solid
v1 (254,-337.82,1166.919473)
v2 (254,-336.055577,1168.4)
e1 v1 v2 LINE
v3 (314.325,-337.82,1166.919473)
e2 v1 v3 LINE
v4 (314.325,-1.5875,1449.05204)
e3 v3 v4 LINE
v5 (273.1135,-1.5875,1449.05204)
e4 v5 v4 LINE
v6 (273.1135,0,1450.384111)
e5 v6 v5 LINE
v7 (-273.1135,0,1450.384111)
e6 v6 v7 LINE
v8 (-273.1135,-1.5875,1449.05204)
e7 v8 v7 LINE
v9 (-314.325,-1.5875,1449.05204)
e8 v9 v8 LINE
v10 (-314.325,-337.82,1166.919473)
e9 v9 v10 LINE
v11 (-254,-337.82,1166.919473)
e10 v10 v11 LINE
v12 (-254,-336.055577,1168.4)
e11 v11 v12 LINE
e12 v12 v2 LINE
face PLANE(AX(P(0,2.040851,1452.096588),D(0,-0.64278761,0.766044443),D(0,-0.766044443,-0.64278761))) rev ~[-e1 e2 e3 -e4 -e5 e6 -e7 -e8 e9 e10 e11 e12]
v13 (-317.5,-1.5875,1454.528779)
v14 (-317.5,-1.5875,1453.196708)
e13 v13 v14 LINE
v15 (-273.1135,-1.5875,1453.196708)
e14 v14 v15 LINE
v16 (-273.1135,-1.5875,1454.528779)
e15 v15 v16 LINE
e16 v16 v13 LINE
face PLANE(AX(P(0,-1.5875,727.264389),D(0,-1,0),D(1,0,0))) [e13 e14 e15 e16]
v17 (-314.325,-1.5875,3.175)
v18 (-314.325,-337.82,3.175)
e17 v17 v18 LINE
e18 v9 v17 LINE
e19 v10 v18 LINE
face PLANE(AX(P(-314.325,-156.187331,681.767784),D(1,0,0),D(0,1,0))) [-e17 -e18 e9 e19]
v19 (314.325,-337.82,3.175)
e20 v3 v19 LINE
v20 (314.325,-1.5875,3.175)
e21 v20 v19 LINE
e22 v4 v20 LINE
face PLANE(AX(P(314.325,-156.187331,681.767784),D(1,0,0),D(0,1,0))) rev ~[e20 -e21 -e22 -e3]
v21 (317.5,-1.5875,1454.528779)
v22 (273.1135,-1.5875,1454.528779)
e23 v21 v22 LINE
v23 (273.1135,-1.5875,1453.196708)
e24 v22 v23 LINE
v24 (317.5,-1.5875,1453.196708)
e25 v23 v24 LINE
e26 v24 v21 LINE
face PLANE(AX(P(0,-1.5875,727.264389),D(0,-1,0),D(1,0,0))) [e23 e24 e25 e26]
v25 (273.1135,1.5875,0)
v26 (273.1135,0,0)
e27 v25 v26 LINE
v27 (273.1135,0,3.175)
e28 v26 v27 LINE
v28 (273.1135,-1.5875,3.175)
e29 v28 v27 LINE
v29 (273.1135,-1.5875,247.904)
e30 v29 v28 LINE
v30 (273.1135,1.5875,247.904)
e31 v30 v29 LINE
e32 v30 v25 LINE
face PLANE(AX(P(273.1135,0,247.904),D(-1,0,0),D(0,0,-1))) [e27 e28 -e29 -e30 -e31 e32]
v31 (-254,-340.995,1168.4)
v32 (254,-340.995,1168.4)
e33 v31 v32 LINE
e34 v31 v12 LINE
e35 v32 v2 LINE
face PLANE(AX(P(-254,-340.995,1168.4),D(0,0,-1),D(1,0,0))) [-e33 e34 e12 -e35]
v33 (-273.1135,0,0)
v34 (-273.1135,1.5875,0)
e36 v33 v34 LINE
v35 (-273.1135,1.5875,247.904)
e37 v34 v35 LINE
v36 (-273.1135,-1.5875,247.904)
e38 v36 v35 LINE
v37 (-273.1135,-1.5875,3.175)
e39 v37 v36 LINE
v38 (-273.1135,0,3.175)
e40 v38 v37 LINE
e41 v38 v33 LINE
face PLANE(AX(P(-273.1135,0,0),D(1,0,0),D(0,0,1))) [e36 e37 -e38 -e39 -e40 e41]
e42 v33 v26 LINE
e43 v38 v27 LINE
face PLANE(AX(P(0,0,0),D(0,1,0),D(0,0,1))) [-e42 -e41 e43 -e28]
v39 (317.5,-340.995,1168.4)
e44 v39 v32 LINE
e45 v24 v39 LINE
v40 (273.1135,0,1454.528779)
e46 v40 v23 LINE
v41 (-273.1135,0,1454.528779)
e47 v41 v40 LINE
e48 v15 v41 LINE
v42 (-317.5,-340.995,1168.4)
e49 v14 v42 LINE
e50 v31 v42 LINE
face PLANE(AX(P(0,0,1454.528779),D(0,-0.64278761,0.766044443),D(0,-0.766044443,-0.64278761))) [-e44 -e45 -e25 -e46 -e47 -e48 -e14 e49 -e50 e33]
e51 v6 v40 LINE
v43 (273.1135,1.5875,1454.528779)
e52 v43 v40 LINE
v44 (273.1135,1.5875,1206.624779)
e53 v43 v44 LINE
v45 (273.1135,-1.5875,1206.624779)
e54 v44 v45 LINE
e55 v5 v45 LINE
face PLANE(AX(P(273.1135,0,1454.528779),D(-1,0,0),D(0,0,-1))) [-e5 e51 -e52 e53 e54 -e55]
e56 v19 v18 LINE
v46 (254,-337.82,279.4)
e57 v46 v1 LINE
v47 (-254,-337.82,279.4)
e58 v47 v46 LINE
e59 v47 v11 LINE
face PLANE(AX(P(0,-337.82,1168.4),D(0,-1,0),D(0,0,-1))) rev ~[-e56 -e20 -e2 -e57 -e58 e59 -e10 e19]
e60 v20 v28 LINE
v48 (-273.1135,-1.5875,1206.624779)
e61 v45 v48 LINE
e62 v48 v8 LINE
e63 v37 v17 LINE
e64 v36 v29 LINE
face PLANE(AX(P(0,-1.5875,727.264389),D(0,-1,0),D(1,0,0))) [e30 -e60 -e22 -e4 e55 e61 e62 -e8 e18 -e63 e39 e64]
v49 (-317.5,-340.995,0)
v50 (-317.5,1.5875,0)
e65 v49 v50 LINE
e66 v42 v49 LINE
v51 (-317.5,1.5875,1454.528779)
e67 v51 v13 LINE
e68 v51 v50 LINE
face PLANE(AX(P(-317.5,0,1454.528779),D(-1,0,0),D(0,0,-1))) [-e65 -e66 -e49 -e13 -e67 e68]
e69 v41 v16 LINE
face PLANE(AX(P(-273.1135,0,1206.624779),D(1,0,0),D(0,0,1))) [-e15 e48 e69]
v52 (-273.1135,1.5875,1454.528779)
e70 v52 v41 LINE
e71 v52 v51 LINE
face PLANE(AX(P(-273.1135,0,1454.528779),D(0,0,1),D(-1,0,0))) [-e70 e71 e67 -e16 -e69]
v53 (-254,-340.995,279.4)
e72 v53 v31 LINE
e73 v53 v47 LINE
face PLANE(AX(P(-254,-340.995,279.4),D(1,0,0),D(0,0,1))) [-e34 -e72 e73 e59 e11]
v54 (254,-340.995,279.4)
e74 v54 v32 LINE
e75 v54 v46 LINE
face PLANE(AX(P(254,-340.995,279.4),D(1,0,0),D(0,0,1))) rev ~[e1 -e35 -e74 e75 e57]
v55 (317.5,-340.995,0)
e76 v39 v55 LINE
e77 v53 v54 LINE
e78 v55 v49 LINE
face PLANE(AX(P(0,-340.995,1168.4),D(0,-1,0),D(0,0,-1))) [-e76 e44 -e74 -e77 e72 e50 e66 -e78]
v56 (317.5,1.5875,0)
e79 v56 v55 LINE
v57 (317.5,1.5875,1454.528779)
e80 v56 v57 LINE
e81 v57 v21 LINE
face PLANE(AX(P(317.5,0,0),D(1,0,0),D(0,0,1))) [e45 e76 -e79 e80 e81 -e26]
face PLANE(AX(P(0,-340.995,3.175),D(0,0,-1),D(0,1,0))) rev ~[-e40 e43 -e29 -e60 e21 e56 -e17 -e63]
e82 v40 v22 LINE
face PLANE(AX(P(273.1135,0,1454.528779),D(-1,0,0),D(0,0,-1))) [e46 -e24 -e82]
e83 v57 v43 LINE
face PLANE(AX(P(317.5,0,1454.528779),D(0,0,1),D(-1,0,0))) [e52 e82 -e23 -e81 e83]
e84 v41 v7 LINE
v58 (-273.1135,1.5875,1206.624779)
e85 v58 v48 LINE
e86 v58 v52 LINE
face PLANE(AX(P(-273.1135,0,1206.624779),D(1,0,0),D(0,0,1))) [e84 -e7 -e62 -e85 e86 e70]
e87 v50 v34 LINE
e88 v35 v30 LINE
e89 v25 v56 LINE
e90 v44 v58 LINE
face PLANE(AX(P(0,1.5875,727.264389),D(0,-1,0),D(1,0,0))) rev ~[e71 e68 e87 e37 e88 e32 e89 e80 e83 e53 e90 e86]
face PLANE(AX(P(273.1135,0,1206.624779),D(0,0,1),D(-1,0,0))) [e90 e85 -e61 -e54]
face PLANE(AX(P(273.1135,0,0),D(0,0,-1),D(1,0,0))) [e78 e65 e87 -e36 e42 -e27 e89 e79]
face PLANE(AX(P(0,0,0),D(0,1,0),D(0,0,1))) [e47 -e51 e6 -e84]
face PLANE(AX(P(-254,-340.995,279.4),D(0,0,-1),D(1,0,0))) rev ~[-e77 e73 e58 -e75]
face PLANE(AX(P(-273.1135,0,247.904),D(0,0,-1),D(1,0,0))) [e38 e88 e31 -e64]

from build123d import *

# Parameters (mm, degrees)
F1_DEPTH = 317.5
F2_T     = -3.175
F4_DEPTH = 1.5875
F5_W     = 508
F5_H     = 889
F6_DEPTH = 4.9404231503


with BuildPart() as f1:
    # F0 (on Right) → F1 (new body, symmetric)
    with BuildSketch(Plane.YZ):
        Polygon((-340.995, 0), (0, 0), (0, 1454.5287787333), (-340.995, 1168.4), align=None)
    extrude(amount=F1_DEPTH, both=True)

    # F2
    f2_openings = [f1.faces().sort_by_distance(p)[0] for p in [
        (0, 0, 727.264389),
    ]]
    offset(amount=F2_T, openings=f2_openings)

    # F3 (on Front) → F4 (join, symmetric)
    with BuildSketch(Plane.XZ):
        Polygon((-273.1135, 247.904), (273.1135, 247.904), (273.1135, 0), (317.5, 0), (317.5, 247.904), (317.5, 1206.6247787333), (317.5, 1454.5287787333), (273.1135, 1454.5287787333), (273.1135, 1206.6247787333), (-273.1135, 1206.6247787333), (-273.1135, 1454.5287787333), (-317.5, 1454.5287787333), (-317.5, 1206.6247787333), (-317.5, 247.904), (-317.5, 0), (-273.1135, 0), align=None)
    extrude(amount=F4_DEPTH, both=True)

    # F5 (on face) → F6 (cut, through all)
    with BuildSketch(Plane.XZ.offset(340.995)):
        with Locations((0, 723.9)):
            Rectangle(F5_W, F5_H)
    extrude(amount=-F6_DEPTH, mode=Mode.SUBTRACT)


solid = f1.part
